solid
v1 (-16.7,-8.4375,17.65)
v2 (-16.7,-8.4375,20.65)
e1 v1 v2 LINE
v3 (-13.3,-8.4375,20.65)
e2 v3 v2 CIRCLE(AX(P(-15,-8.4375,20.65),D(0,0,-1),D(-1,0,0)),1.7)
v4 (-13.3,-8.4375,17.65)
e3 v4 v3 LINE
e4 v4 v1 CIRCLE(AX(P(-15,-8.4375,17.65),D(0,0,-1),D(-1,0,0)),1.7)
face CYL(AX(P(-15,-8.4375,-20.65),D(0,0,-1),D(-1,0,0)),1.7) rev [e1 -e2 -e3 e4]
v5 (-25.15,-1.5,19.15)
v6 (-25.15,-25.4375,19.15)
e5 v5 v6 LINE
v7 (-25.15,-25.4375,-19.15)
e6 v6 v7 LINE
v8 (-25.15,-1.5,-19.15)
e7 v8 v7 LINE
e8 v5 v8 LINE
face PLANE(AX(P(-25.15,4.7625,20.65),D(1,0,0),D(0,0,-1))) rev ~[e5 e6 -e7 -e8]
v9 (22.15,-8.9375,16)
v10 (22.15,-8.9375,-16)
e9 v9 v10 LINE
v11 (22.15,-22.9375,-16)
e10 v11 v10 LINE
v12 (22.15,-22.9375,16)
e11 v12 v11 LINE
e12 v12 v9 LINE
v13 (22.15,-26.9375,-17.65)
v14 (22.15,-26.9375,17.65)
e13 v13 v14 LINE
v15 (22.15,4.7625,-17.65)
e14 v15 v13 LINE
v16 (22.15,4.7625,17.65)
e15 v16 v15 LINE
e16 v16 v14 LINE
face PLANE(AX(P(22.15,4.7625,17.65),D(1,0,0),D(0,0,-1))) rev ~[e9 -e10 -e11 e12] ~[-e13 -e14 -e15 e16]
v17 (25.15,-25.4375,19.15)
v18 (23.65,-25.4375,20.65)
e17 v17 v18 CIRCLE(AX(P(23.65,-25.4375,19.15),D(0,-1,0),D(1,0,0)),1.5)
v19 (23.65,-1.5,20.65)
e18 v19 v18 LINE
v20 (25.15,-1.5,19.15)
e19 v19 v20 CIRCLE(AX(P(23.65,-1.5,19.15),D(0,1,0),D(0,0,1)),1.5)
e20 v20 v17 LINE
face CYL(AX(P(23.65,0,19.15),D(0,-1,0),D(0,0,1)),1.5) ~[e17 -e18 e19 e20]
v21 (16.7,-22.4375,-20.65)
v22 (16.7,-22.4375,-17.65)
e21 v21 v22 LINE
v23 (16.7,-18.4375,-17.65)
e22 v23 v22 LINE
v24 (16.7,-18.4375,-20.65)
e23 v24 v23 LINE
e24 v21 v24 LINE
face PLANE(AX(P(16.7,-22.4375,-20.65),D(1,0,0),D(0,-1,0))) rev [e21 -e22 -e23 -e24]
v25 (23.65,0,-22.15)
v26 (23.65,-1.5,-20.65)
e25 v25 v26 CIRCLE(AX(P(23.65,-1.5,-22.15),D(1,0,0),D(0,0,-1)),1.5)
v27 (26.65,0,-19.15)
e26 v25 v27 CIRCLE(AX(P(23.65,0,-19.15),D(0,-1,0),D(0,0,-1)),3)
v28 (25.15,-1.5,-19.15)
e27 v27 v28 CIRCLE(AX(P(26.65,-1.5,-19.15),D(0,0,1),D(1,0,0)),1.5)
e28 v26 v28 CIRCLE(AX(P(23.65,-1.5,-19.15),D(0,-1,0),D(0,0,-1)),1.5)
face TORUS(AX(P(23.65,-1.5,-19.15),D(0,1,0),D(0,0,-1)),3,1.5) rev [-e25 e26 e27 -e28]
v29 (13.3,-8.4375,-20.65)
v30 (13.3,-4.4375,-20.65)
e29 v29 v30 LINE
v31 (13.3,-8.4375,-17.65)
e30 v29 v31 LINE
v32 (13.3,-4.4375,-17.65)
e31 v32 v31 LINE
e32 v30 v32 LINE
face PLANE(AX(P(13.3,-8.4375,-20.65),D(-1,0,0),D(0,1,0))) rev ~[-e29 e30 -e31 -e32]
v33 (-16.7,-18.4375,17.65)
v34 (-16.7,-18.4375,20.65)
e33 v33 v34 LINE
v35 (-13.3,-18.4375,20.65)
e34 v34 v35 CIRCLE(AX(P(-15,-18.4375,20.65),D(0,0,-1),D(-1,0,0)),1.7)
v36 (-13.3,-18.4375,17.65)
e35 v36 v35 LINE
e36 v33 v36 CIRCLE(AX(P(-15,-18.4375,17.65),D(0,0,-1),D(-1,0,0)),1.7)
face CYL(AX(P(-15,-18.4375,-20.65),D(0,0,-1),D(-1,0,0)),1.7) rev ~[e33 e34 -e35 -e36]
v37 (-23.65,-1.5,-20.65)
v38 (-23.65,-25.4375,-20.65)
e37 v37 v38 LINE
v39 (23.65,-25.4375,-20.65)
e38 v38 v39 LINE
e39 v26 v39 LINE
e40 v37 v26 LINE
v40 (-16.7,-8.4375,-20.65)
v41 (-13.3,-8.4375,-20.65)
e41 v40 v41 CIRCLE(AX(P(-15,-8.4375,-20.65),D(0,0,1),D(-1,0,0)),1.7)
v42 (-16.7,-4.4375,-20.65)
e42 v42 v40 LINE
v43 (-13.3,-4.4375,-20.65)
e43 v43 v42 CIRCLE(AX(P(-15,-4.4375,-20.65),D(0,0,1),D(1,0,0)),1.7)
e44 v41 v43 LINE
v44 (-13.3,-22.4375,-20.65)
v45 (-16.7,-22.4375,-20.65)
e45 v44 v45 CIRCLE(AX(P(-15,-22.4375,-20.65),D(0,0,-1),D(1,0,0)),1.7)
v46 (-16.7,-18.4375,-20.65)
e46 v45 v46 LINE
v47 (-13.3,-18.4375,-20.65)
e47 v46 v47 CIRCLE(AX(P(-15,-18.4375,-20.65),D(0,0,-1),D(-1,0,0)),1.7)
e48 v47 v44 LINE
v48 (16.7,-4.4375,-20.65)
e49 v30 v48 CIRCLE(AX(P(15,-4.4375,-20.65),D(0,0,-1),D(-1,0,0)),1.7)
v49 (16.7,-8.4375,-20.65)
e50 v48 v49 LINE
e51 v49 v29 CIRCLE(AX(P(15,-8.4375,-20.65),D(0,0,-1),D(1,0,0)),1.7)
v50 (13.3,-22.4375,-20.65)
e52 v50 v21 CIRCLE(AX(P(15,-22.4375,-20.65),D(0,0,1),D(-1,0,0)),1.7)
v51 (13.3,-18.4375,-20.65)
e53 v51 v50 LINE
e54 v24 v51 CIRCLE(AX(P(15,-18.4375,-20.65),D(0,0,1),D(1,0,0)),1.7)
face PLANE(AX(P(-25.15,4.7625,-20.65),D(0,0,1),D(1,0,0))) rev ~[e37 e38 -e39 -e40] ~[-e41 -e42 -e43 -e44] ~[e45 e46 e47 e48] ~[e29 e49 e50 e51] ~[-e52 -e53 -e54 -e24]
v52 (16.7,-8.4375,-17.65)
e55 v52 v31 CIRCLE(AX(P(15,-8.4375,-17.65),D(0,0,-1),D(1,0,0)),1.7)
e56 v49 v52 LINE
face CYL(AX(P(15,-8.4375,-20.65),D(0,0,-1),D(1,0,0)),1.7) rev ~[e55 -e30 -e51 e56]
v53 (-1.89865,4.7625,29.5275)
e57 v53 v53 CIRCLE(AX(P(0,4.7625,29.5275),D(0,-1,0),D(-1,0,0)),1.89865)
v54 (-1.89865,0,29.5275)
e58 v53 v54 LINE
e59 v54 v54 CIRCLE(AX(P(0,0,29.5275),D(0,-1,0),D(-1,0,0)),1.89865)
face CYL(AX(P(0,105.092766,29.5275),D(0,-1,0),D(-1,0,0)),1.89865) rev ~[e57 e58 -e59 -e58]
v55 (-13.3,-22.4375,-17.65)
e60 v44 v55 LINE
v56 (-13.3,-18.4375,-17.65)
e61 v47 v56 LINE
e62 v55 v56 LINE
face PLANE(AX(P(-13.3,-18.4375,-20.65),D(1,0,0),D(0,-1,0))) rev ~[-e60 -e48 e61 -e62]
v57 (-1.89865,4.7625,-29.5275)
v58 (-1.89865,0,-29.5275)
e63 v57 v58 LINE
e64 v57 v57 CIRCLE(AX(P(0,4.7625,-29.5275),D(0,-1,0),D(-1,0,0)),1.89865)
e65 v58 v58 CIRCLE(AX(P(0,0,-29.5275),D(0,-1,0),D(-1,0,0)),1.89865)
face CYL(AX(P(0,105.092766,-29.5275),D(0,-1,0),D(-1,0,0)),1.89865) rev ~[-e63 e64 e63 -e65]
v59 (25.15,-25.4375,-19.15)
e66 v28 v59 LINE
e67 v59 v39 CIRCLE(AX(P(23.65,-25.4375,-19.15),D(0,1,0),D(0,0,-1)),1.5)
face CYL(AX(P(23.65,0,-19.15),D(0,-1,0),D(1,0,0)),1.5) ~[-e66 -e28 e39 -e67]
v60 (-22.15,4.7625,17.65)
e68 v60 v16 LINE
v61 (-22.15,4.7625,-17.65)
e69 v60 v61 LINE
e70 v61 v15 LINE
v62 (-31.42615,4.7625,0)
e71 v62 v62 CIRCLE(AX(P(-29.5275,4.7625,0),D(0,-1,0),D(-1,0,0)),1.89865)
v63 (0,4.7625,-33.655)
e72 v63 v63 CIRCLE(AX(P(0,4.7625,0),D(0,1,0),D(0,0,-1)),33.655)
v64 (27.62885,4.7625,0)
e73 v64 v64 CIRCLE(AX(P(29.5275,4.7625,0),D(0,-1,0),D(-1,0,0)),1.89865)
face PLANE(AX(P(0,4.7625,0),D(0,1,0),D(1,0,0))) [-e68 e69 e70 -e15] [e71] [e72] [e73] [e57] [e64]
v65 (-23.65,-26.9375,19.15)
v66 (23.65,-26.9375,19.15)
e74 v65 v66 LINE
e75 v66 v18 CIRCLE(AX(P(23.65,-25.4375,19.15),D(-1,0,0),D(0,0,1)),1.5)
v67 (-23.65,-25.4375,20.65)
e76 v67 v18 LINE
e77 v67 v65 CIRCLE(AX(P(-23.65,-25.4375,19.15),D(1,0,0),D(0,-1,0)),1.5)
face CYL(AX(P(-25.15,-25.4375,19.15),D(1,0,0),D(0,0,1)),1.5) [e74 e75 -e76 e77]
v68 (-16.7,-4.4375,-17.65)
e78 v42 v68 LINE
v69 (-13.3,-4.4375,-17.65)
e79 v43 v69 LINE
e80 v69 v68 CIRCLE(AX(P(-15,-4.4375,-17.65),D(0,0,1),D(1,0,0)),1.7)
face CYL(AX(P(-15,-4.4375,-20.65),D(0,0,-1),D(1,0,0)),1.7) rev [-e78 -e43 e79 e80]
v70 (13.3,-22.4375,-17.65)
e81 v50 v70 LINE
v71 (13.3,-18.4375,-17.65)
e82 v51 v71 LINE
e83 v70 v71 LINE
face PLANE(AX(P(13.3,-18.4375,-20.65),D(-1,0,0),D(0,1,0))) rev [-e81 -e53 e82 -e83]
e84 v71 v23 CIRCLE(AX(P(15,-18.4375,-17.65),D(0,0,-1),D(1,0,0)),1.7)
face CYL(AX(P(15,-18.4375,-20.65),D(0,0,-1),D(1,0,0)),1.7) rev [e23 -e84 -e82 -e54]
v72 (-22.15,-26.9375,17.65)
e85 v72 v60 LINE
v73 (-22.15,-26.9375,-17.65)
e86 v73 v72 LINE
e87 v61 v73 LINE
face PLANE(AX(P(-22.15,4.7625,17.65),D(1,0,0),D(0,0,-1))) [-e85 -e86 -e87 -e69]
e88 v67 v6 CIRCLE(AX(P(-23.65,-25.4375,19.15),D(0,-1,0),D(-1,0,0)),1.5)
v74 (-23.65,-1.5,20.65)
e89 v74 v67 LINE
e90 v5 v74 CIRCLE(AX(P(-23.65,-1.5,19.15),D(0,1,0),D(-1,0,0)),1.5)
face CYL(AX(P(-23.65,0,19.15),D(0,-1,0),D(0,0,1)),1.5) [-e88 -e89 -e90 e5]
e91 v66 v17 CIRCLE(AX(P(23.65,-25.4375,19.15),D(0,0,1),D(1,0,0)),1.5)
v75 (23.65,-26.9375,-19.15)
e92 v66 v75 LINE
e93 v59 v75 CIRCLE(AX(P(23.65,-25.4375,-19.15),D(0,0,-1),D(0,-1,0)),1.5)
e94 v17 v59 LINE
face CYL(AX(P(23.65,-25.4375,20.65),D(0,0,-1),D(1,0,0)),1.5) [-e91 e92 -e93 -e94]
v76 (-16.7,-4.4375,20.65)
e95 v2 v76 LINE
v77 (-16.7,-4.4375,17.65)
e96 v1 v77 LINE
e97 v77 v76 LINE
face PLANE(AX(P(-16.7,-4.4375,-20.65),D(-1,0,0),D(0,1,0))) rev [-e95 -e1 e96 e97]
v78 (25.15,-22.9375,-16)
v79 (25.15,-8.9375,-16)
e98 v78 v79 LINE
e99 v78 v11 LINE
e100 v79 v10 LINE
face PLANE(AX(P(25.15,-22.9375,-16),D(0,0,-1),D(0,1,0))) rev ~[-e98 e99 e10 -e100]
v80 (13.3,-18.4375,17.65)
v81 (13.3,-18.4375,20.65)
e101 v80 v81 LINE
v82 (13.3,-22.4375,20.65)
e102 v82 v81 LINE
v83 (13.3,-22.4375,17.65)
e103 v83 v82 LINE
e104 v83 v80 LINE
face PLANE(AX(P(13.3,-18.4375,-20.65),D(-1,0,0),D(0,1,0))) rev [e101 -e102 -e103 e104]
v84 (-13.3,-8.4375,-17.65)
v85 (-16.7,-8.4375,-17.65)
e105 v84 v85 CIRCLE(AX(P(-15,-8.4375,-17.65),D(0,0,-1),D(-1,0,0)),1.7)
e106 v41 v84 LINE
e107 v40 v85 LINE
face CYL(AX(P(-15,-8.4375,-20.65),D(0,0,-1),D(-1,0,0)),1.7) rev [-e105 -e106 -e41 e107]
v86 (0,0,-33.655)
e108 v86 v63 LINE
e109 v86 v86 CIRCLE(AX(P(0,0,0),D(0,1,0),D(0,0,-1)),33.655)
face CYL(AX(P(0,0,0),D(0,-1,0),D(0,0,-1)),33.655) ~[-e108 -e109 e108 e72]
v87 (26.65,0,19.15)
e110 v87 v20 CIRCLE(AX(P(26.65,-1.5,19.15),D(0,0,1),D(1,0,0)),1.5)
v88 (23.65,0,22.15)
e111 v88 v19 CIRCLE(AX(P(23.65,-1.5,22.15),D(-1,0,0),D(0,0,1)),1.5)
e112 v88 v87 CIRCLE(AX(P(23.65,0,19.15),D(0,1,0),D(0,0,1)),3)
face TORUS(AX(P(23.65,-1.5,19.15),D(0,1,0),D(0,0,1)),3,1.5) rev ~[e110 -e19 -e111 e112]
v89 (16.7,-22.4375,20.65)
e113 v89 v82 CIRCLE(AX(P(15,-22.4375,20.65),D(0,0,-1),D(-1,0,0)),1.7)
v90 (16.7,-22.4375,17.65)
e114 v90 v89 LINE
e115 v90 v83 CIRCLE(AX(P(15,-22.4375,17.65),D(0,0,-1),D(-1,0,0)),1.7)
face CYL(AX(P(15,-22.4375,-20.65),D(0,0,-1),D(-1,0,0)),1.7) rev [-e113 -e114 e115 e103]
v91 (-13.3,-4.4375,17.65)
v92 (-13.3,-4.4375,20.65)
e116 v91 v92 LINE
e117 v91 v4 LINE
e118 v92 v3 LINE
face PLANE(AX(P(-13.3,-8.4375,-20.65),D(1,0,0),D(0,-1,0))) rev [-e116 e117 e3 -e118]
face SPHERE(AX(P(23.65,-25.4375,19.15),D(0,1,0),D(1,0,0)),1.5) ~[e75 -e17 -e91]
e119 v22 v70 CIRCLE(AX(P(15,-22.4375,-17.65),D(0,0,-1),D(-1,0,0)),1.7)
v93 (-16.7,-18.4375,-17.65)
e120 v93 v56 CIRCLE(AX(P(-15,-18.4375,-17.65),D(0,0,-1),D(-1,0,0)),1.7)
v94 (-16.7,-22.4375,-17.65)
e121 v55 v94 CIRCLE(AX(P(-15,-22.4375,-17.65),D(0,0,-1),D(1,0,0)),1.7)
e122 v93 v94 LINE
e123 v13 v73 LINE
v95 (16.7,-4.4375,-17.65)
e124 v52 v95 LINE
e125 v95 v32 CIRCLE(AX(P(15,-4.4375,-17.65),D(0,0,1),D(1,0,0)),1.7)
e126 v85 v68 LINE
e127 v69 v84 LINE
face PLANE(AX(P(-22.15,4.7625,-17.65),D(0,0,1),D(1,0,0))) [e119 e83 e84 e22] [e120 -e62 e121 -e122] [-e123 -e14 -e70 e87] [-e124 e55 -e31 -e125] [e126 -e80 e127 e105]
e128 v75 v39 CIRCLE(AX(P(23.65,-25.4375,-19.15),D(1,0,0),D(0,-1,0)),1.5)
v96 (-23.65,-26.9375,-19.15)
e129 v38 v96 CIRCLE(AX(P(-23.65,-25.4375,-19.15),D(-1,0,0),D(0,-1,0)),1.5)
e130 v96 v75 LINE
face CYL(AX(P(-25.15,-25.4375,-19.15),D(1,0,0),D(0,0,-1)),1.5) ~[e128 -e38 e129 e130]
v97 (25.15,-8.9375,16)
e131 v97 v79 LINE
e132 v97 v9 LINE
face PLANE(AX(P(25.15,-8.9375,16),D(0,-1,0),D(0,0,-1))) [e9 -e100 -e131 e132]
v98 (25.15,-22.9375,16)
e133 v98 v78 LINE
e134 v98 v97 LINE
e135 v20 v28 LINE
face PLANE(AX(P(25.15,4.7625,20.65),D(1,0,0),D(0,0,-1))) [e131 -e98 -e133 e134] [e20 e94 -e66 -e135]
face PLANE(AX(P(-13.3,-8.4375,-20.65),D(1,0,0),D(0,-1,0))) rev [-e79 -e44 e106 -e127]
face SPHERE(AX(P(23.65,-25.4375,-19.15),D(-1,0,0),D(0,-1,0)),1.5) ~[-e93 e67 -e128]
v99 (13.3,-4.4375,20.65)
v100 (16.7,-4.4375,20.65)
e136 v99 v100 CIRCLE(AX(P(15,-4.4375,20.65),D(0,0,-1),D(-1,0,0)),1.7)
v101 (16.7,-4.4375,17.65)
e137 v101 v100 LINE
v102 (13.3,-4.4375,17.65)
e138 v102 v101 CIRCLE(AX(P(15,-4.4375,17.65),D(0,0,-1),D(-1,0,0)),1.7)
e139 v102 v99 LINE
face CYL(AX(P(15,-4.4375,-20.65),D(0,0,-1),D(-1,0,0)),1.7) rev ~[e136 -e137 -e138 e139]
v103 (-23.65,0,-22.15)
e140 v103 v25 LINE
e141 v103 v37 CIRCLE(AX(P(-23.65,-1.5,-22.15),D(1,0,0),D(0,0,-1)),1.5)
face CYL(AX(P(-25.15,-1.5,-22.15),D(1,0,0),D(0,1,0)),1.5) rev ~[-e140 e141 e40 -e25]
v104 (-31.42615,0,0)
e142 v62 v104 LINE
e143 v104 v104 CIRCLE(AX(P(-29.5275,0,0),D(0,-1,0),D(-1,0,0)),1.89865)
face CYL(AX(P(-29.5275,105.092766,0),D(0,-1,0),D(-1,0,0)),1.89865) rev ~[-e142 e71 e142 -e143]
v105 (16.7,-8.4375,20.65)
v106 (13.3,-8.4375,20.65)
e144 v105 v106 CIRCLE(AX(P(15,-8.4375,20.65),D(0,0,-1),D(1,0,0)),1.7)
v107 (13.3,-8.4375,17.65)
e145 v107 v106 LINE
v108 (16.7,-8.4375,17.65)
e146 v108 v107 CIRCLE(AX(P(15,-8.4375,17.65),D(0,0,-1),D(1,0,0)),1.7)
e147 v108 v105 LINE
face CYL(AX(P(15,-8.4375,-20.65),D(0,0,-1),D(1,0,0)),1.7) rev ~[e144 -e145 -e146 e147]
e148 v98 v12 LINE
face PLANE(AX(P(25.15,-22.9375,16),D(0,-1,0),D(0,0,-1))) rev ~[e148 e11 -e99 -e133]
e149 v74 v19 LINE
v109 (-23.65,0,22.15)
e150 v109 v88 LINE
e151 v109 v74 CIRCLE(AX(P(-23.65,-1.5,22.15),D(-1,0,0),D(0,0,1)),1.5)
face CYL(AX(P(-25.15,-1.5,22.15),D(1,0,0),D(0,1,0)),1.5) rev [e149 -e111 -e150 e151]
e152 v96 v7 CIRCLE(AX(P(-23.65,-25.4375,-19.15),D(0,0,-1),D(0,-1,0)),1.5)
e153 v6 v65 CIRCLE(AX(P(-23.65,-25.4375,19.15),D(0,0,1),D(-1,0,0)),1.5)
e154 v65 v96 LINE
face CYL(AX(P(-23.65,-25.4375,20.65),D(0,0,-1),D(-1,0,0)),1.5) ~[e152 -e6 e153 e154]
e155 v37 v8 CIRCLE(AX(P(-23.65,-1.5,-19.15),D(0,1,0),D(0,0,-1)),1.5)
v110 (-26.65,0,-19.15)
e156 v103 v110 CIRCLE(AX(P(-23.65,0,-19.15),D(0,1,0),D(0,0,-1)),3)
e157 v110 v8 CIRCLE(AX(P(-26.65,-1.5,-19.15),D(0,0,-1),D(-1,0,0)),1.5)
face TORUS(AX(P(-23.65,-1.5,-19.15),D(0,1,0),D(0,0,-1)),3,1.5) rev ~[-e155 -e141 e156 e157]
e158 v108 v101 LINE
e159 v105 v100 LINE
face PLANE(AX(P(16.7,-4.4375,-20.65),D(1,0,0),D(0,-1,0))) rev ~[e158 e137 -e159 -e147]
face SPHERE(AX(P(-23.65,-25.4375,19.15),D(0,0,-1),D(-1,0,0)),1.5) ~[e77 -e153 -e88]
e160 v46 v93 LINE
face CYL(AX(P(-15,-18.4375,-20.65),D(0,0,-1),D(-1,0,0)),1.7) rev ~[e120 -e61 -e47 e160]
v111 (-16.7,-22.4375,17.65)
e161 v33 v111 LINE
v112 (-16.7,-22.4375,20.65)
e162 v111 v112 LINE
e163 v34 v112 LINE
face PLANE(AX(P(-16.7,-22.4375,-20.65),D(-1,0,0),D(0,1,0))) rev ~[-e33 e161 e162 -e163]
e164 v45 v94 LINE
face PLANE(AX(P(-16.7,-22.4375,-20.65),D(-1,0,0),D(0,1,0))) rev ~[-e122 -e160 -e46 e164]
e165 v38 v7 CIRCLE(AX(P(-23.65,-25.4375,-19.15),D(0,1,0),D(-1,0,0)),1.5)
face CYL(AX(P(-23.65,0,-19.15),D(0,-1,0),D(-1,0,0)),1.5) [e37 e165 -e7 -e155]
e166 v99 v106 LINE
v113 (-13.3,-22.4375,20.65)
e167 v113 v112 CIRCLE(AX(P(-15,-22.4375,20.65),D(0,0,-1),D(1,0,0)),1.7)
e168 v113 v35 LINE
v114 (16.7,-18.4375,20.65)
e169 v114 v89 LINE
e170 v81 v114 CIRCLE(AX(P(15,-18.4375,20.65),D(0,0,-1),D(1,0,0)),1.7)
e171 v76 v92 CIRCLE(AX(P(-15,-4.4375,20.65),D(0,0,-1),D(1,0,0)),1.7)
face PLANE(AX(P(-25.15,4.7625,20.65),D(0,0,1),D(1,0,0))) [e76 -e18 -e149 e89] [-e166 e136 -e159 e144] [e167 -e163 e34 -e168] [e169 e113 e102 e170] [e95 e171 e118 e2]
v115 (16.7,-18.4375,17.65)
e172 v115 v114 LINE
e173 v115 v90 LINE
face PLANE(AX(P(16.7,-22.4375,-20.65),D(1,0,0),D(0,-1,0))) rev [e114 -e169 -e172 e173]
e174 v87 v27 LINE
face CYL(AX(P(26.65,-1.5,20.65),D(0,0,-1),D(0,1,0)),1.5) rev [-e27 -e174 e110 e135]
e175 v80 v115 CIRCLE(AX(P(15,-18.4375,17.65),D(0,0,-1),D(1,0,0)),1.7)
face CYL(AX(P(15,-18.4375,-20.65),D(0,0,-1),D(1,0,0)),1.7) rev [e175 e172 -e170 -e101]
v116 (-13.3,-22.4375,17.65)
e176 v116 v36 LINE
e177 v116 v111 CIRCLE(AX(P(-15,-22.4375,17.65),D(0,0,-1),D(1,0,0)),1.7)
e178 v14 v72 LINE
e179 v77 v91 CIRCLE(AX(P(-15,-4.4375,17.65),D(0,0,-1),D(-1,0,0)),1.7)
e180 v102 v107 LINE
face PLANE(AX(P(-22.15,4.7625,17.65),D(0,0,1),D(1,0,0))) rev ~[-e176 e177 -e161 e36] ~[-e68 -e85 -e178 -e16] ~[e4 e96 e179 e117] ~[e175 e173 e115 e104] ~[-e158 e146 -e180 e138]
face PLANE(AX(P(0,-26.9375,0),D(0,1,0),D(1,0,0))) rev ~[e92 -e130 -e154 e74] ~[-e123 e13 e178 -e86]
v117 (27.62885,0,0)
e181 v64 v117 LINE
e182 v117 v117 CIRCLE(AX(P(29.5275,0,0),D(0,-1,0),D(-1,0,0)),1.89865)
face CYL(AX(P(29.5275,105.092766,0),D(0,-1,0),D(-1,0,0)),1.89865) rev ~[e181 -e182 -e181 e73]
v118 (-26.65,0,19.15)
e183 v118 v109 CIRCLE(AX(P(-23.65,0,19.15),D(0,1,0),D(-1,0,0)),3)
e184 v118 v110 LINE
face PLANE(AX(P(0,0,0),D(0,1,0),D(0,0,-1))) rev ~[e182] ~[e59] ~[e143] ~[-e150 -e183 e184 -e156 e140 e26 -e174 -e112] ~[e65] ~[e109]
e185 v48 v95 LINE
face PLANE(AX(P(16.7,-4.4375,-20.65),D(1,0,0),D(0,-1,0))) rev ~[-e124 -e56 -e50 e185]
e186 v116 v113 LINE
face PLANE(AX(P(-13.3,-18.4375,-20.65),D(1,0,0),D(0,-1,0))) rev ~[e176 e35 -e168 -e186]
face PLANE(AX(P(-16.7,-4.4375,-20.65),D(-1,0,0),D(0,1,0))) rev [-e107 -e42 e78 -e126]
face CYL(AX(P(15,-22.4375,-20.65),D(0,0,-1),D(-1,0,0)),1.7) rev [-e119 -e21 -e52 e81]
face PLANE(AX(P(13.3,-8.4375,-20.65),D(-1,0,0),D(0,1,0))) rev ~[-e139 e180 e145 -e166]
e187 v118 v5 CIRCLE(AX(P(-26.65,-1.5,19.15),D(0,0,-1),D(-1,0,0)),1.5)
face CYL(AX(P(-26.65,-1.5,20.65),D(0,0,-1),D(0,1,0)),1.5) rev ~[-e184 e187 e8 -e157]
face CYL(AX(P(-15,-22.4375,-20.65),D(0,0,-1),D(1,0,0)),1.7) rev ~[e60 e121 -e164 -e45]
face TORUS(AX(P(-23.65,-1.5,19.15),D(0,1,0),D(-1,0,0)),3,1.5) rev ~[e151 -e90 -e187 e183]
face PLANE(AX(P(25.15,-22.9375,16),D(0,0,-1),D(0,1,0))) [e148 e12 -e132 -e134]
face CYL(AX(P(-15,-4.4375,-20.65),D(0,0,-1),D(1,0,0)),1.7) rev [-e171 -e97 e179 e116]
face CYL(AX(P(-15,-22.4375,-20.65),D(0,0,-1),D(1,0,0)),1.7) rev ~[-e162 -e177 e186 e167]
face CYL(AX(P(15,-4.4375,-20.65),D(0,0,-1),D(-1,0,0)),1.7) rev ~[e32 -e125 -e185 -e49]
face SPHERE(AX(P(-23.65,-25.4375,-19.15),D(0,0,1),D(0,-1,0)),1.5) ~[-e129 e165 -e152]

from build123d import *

# Parameters (mm, degrees)
SKETCH1_R             = 33.655
BOSS_EXTRUDE1_DEPTH   = 4.7625
SKETCH2_W             = 50.3
SKETCH2_H             = 41.3
BOSS_EXTRUDE2_DEPTH   = 31.7
F_6_CLEARANCE_HOLE1_D = 3.7973
SKETCH6_W             = 44.3
SKETCH6_H             = 35.3
CUT_EXTRUDE1_DEPTH    = 28.7
SKETCH7_W             = 32
SKETCH7_H             = 14
CUT_EXTRUDE2_DEPTH    = 3
FILLET1_R             = 1.5
CUT_EXTRUDE3_DEPTH    = 70.334846623
MIRROR2_COPY_1_DEPTH  = 70.334846623


with BuildPart() as part:
    # Sketch1 → Boss-Extrude1 (new body)
    with BuildSketch(Plane(origin=(0, 0, 0), x_dir=(1, 0, 0), z_dir=(0, 1, 0))):
        with Locations(Location((0, 0, 0), (0, 0, 90))):
            Circle(SKETCH1_R)
    extrude(amount=BOSS_EXTRUDE1_DEPTH)

    # Sketch2 → Boss-Extrude2 (add)
    with BuildSketch(Plane(origin=(0, 4.7625, 0), x_dir=(1, 0, 0), z_dir=(0, 1, 0))):
        Rectangle(SKETCH2_W, SKETCH2_H)
    extrude(amount=-BOSS_EXTRUDE2_DEPTH)

    # #6 Clearance Hole1 (through all)
    with Locations(Plane(origin=(0, 4.7625, 0), x_dir=(1, 0, 0), z_dir=(0, 1, 0))):
        with Locations((0, 29.5275), (29.5275, 0), (0, -29.5275), (-29.5275, 0)):
            Hole(F_6_CLEARANCE_HOLE1_D / 2)

    # Sketch6 → Cut-Extrude1 (cut)
    with BuildSketch(Plane(origin=(0, 4.7625, 0), x_dir=(1, 0, 0), z_dir=(0, 1, 0))):
        Rectangle(SKETCH6_W, SKETCH6_H)
    cut_extrude1 = extrude(amount=-CUT_EXTRUDE1_DEPTH, mode=Mode.SUBTRACT)

    # Sketch7 → Cut-Extrude2 (cut)
    with BuildSketch(Plane(origin=(25.15, 0, 0), x_dir=(0, 0, -1), z_dir=(1, 0, 0))):
        with Locations((0, -15.9375)):
            Rectangle(SKETCH7_W, SKETCH7_H)
    extrude(amount=-CUT_EXTRUDE2_DEPTH, mode=Mode.SUBTRACT)

    # Fillet1
    fillet1_edges = [part.edges().sort_by_distance(p)[0] for p in [
        (25.15, -13.46875, 20.65),
        (-25.15, -26.9375, 0),
        (-25.15, -13.46875, 20.65),
        (0, -26.9375, -20.65),
        (-25.15, -13.46875, -20.65),
        (0, 0, -20.65),
        (-25.15, 0, 0),
        (0, 0, 20.65),
        (25.15, 0, 0),
        (25.15, -26.9375, 0),
        (25.15, -13.46875, -20.65),
        (0, -26.9375, 20.65),
    ]]
    fillet(fillet1_edges, radius=FILLET1_R)

    # Sketch14 → Cut-Extrude3 (cut, through all)
    with BuildSketch(Plane.XY.offset(-20.65)):
        with BuildLine():
            Line((13.3, -8.4375), (13.3, -4.4375))
            ThreePointArc((13.3, -4.4375), (15, -2.7375), (16.7, -4.4375))
            Line((16.7, -4.4375), (16.7, -8.4375))
            ThreePointArc((16.7, -8.4375), (15, -10.1375), (13.3, -8.4375))
        make_face()
    cut_extrude3 = extrude(amount=CUT_EXTRUDE3_DEPTH, mode=Mode.SUBTRACT)

    # Mirror1: Cut-Extrude3 across plane
    add(cut_extrude3.mirror(Plane(origin=(0, 0, 0), x_dir=(0, 0, 1), z_dir=(1, 0, 0))), mode=Mode.SUBTRACT)

    # Mirror2: Cut-Extrude1, Cut-Extrude3 across plane
    add(cut_extrude1.mirror(Plane.ZX.offset(-13.4375)), mode=Mode.SUBTRACT)
    add(cut_extrude3.mirror(Plane.ZX.offset(-13.4375)), mode=Mode.SUBTRACT)

    # Mirror2 copy 1 sketch → Mirror2 copy 1 (cut, through all)
    with BuildSketch(Plane(origin=(0, -26.875, -20.65), x_dir=(-1, 0, 0), z_dir=(0, 0, 1))):
        with BuildLine():
            Line((13.3, -8.4375), (13.3, -4.4375))
            ThreePointArc((13.3, -4.4375), (15, -2.7375), (16.7, -4.4375))
            Line((16.7, -4.4375), (16.7, -8.4375))
            ThreePointArc((16.7, -8.4375), (15, -10.1375), (13.3, -8.4375))
        make_face()
    extrude(amount=MIRROR2_COPY_1_DEPTH, mode=Mode.SUBTRACT)


solid = part.part
